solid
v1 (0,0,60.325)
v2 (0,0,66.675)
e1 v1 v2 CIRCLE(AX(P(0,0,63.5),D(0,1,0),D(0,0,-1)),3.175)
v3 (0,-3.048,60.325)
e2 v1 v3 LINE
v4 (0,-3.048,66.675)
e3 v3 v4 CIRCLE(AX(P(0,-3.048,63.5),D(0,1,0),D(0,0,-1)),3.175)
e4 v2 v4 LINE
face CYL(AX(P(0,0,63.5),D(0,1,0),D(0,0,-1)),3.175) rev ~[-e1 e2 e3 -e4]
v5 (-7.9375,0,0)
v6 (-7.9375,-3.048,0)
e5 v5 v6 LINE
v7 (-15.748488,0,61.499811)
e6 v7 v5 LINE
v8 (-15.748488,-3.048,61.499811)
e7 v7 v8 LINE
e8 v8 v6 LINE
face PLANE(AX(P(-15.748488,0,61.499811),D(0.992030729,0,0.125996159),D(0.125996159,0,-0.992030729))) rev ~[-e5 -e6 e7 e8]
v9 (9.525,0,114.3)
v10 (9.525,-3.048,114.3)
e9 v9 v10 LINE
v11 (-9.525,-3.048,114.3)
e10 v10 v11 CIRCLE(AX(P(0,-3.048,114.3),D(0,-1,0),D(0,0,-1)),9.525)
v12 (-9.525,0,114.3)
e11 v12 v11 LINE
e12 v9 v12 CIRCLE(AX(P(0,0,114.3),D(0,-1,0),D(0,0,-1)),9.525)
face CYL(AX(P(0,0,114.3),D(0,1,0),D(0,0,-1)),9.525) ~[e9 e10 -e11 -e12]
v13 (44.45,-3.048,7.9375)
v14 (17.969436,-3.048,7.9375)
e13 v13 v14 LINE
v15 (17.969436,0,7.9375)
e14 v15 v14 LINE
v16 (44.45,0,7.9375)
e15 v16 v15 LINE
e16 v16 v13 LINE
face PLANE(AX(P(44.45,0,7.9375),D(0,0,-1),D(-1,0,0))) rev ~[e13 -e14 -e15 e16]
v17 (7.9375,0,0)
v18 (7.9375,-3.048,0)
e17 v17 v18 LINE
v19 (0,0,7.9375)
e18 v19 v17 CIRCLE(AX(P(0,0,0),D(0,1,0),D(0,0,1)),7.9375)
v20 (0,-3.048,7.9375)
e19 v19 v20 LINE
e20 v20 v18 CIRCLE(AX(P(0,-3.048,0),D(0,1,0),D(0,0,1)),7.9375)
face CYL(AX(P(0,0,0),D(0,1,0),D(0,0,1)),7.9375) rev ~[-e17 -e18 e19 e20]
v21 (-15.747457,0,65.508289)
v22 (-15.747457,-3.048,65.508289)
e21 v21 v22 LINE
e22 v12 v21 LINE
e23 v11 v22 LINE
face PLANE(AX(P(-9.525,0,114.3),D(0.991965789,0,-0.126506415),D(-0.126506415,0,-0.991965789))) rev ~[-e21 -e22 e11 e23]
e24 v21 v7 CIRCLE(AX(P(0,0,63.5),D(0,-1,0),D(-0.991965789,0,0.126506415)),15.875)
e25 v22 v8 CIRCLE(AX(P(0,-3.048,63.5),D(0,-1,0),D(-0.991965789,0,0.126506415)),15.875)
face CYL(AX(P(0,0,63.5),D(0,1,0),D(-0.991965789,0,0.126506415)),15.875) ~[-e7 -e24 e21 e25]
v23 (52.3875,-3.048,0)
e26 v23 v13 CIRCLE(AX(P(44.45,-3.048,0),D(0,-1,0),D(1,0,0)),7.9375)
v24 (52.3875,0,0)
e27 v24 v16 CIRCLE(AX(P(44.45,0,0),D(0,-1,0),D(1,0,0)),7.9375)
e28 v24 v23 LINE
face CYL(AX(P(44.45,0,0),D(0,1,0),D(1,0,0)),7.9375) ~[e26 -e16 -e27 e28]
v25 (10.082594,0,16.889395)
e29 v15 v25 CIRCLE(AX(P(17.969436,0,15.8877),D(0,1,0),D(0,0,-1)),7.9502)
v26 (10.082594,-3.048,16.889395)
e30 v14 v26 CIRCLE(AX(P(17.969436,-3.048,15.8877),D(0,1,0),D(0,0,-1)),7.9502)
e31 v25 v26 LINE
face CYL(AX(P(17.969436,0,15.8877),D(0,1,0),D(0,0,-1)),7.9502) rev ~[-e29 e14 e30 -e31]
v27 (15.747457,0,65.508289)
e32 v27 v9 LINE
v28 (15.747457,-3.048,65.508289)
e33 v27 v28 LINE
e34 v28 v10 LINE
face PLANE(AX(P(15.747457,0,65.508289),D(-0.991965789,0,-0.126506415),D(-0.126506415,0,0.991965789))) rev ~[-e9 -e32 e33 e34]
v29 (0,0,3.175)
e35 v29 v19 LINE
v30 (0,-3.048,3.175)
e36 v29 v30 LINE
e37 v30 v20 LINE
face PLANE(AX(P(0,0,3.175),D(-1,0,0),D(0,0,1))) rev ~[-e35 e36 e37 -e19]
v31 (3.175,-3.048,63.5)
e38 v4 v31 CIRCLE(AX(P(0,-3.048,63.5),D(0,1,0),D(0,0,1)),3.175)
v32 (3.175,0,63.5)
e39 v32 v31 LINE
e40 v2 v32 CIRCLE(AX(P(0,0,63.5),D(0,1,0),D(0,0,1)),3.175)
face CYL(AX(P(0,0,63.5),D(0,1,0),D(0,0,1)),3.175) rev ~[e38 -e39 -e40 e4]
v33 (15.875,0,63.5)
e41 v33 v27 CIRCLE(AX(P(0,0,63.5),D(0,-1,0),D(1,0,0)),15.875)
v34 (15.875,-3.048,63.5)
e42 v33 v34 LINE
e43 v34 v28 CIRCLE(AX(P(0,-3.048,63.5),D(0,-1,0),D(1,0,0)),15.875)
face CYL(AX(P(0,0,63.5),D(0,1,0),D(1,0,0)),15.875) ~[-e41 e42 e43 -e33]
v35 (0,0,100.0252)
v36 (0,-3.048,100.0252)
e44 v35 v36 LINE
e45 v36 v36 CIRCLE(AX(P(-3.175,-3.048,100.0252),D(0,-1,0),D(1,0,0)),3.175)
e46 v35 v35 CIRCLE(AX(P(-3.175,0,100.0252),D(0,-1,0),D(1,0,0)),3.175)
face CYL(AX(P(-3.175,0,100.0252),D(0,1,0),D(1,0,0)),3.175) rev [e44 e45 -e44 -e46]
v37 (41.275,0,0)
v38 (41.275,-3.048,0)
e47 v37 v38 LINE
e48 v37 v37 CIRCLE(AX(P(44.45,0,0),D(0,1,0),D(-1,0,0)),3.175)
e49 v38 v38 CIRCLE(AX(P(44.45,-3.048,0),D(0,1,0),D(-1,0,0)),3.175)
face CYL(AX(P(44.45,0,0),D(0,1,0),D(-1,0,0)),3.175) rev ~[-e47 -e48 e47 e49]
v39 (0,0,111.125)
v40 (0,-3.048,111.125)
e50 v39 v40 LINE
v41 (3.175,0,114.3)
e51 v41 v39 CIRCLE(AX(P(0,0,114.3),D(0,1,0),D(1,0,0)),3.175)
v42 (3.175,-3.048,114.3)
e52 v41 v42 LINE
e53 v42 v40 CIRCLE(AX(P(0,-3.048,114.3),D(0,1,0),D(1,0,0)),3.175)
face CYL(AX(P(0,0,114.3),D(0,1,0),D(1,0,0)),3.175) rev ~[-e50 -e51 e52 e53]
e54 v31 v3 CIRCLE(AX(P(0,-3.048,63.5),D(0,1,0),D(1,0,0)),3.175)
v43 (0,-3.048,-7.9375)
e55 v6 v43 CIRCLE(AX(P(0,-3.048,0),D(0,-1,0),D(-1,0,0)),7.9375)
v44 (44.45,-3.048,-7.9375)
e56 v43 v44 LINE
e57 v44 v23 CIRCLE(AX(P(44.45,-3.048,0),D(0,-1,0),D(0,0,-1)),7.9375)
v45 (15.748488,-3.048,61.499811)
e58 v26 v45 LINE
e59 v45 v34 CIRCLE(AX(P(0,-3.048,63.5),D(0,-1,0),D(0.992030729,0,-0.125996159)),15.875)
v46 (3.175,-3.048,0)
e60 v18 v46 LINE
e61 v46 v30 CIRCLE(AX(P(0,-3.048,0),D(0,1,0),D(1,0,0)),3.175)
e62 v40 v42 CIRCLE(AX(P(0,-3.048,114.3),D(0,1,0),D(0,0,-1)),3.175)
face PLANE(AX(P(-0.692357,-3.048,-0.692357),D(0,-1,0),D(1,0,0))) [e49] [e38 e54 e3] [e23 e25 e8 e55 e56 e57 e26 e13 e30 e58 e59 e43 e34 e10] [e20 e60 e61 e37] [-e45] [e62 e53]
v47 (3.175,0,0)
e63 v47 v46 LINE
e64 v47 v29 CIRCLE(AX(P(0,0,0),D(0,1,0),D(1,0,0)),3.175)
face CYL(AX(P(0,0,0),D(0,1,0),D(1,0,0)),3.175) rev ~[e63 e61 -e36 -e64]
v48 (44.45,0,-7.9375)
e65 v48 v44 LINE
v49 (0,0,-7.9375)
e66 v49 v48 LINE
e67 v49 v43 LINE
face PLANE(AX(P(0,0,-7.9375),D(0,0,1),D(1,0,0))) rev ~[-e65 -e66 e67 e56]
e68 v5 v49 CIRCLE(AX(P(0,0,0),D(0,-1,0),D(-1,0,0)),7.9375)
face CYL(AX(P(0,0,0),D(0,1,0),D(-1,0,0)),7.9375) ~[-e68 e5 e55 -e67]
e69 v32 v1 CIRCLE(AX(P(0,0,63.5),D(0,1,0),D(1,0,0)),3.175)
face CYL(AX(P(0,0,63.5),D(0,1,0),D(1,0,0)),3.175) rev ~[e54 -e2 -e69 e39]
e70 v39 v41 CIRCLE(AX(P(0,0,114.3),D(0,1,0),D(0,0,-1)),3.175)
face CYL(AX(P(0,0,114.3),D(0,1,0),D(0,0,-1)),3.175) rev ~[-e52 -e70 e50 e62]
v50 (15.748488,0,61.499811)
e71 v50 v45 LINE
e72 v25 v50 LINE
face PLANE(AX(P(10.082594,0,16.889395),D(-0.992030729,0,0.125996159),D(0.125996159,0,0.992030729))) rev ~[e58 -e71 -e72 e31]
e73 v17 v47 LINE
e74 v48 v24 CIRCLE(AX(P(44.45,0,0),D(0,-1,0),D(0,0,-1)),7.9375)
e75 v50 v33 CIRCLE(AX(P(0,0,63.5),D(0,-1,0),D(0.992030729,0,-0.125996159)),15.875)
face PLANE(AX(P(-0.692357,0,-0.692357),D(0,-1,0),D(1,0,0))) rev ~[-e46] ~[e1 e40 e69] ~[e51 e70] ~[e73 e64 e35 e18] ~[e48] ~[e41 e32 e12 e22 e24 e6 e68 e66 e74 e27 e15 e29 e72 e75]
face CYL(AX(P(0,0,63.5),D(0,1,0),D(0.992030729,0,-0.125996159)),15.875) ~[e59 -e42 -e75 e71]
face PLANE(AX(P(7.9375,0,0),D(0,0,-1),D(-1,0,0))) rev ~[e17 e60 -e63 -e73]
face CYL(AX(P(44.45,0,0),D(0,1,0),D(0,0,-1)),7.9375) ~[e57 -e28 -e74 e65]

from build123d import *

# Parameters (mm, degrees)
F0_R     = 3.175
F1_DEPTH = 3.048


with BuildPart() as f1:
    # F0 (on Front) → F1 (new body)
    with BuildSketch(Plane.XZ):
        with BuildLine():
            ThreePointArc((3.175, 0), (-2.2450640303, -2.2450640303), (0, 3.175))
            Line((0, 3.175), (0, 7.9375))
            ThreePointArc((0, 7.9375), (-5.6126600757, 5.6126600757), (-7.9375, 0))
            ThreePointArc((-7.9375, 0), (-5.6126600757, -5.6126600757), (0, -7.9375))
            ThreePointArc((0, -7.9375), (5.6126600757, -5.6126600757), (7.9375, 0))
            Line((7.9375, 0), (3.175, 0))
        make_face()
        with BuildLine():
            ThreePointArc((-7.9375, 0), (-5.6126600757, 5.6126600757), (0, 7.9375))
            Line((0, 7.9375), (0, 47.625))
            ThreePointArc((0, 47.625), (-10.4943466753, 51.5884798259), (-15.7484878283, 61.4998109785))
            Line((-15.7484878283, 61.4998109785), (-7.9375, 0))
        make_face()
        with BuildLine():
            Line((0, 47.625), (0, 7.9375))
            ThreePointArc((0, 7.9375), (5.6126600757, 5.6126600757), (7.9375, 0))
            Line((7.9375, 0), (36.5125, 0))
            ThreePointArc((36.5125, 0), (38.8373399243, 5.6126600757), (44.45, 7.9375))
            Line((44.45, 7.9375), (17.969436389, 7.9375))
            ThreePointArc((17.969436389, 7.9375), (12.0041470858, 10.632131185), (10.0825936846, 16.8893946619))
            Line((10.0825936846, 16.8893946619), (15.7484878283, 61.4998109785))
            ThreePointArc((15.7484878283, 61.4998109785), (10.4943466753, 51.5884798259), (0, 47.625))
        make_face()
        with BuildLine():
            Line((36.5125, 0), (7.9375, 0))
            ThreePointArc((7.9375, 0), (5.6126600757, -5.6126600757), (0, -7.9375))
            Line((0, -7.9375), (44.45, -7.9375))
            ThreePointArc((44.45, -7.9375), (38.8373399243, -5.6126600757), (36.5125, 0))
        make_face()
        with BuildLine():
            ThreePointArc((-15.7484878283, 61.4998109785), (-10.4943466753, 51.5884798259), (0, 47.625))
            Line((0, 47.625), (0, 60.325))
            ThreePointArc((0, 60.325), (-3.175, 63.5), (0, 66.675))
            Line((0, 66.675), (0, 79.375))
            ThreePointArc((0, 79.375), (-10.4912828548, 75.4142187767), (-15.7474569047, 65.5082893304))
            ThreePointArc((-15.7474569047, 65.5082893304), (-15.874999475, 63.504082824), (-15.7484878283, 61.4998109785))
        make_face()
        with BuildLine():
            Line((0, 60.325), (0, 47.625))
            ThreePointArc((0, 47.625), (10.4943466753, 51.5884798259), (15.7484878283, 61.4998109785))
            ThreePointArc((15.7484878283, 61.4998109785), (15.8433403876, 62.4979070089), (15.875, 63.5))
            ThreePointArc((15.875, 63.5), (15.8430821396, 64.5061676396), (15.7474569047, 65.5082893304))
            ThreePointArc((15.7474569047, 65.5082893304), (10.4912828548, 75.4142187767), (0, 79.375))
            Line((0, 79.375), (0, 66.675))
            ThreePointArc((0, 66.675), (2.2450640303, 65.7450640303), (3.175, 63.5))
            ThreePointArc((3.175, 63.5), (2.2450640303, 61.2549359697), (0, 60.325))
        make_face()
        with BuildLine():
            ThreePointArc((44.45, 7.9375), (38.8373399243, 5.6126600757), (36.5125, 0))
            ThreePointArc((36.5125, 0), (38.8373399243, -5.6126600757), (44.45, -7.9375))
            ThreePointArc((44.45, -7.9375), (50.0626600757, -5.6126600757), (52.3875, 0))
            ThreePointArc((52.3875, 0), (50.0626600757, 5.6126600757), (44.45, 7.9375))
        make_face()
        with BuildLine():
            ThreePointArc((47.625, 0), (44.45, -3.175), (41.275, 0))
            ThreePointArc((41.275, 0), (44.45, 3.175), (47.625, 0))
        make_face(mode=Mode.SUBTRACT)
        with BuildLine():
            Line((-9.525, 114.3), (-15.7474569047, 65.5082893304))
            ThreePointArc((-15.7474569047, 65.5082893304), (-10.4912828548, 75.4142187767), (0, 79.375))
            Line((0, 79.375), (0, 100.0252))
            Line((0, 100.0252), (0, 104.775))
            ThreePointArc((0, 104.775), (-6.7351920908, 107.5648079092), (-9.525, 114.3))
        make_face()
        with Locations((-3.175, 100.0252)):
            Circle(F0_R, mode=Mode.SUBTRACT)
        with BuildLine():
            Line((0, 100.0252), (0, 79.375))
            ThreePointArc((0, 79.375), (10.4912828548, 75.4142187767), (15.7474569047, 65.5082893304))
            Line((15.7474569047, 65.5082893304), (9.525, 114.3))
            ThreePointArc((9.525, 114.3), (6.7351920908, 107.5648079092), (0, 104.775))
            Line((0, 104.775), (0, 100.0252))
        make_face()
        with BuildLine():
            ThreePointArc((9.525, 114.3), (0, 123.825), (-9.525, 114.3))
            ThreePointArc((-9.525, 114.3), (-6.7351920908, 107.5648079092), (0, 104.775))
            ThreePointArc((0, 104.775), (6.7351920908, 107.5648079092), (9.525, 114.3))
        make_face()
        with BuildLine():
            ThreePointArc((3.175, 114.3), (2.2450640303, 112.0549359697), (0, 111.125))
            ThreePointArc((0, 111.125), (-2.2450640303, 116.5450640303), (3.175, 114.3))
        make_face(mode=Mode.SUBTRACT)
    extrude(amount=F1_DEPTH)


solid = f1.part
